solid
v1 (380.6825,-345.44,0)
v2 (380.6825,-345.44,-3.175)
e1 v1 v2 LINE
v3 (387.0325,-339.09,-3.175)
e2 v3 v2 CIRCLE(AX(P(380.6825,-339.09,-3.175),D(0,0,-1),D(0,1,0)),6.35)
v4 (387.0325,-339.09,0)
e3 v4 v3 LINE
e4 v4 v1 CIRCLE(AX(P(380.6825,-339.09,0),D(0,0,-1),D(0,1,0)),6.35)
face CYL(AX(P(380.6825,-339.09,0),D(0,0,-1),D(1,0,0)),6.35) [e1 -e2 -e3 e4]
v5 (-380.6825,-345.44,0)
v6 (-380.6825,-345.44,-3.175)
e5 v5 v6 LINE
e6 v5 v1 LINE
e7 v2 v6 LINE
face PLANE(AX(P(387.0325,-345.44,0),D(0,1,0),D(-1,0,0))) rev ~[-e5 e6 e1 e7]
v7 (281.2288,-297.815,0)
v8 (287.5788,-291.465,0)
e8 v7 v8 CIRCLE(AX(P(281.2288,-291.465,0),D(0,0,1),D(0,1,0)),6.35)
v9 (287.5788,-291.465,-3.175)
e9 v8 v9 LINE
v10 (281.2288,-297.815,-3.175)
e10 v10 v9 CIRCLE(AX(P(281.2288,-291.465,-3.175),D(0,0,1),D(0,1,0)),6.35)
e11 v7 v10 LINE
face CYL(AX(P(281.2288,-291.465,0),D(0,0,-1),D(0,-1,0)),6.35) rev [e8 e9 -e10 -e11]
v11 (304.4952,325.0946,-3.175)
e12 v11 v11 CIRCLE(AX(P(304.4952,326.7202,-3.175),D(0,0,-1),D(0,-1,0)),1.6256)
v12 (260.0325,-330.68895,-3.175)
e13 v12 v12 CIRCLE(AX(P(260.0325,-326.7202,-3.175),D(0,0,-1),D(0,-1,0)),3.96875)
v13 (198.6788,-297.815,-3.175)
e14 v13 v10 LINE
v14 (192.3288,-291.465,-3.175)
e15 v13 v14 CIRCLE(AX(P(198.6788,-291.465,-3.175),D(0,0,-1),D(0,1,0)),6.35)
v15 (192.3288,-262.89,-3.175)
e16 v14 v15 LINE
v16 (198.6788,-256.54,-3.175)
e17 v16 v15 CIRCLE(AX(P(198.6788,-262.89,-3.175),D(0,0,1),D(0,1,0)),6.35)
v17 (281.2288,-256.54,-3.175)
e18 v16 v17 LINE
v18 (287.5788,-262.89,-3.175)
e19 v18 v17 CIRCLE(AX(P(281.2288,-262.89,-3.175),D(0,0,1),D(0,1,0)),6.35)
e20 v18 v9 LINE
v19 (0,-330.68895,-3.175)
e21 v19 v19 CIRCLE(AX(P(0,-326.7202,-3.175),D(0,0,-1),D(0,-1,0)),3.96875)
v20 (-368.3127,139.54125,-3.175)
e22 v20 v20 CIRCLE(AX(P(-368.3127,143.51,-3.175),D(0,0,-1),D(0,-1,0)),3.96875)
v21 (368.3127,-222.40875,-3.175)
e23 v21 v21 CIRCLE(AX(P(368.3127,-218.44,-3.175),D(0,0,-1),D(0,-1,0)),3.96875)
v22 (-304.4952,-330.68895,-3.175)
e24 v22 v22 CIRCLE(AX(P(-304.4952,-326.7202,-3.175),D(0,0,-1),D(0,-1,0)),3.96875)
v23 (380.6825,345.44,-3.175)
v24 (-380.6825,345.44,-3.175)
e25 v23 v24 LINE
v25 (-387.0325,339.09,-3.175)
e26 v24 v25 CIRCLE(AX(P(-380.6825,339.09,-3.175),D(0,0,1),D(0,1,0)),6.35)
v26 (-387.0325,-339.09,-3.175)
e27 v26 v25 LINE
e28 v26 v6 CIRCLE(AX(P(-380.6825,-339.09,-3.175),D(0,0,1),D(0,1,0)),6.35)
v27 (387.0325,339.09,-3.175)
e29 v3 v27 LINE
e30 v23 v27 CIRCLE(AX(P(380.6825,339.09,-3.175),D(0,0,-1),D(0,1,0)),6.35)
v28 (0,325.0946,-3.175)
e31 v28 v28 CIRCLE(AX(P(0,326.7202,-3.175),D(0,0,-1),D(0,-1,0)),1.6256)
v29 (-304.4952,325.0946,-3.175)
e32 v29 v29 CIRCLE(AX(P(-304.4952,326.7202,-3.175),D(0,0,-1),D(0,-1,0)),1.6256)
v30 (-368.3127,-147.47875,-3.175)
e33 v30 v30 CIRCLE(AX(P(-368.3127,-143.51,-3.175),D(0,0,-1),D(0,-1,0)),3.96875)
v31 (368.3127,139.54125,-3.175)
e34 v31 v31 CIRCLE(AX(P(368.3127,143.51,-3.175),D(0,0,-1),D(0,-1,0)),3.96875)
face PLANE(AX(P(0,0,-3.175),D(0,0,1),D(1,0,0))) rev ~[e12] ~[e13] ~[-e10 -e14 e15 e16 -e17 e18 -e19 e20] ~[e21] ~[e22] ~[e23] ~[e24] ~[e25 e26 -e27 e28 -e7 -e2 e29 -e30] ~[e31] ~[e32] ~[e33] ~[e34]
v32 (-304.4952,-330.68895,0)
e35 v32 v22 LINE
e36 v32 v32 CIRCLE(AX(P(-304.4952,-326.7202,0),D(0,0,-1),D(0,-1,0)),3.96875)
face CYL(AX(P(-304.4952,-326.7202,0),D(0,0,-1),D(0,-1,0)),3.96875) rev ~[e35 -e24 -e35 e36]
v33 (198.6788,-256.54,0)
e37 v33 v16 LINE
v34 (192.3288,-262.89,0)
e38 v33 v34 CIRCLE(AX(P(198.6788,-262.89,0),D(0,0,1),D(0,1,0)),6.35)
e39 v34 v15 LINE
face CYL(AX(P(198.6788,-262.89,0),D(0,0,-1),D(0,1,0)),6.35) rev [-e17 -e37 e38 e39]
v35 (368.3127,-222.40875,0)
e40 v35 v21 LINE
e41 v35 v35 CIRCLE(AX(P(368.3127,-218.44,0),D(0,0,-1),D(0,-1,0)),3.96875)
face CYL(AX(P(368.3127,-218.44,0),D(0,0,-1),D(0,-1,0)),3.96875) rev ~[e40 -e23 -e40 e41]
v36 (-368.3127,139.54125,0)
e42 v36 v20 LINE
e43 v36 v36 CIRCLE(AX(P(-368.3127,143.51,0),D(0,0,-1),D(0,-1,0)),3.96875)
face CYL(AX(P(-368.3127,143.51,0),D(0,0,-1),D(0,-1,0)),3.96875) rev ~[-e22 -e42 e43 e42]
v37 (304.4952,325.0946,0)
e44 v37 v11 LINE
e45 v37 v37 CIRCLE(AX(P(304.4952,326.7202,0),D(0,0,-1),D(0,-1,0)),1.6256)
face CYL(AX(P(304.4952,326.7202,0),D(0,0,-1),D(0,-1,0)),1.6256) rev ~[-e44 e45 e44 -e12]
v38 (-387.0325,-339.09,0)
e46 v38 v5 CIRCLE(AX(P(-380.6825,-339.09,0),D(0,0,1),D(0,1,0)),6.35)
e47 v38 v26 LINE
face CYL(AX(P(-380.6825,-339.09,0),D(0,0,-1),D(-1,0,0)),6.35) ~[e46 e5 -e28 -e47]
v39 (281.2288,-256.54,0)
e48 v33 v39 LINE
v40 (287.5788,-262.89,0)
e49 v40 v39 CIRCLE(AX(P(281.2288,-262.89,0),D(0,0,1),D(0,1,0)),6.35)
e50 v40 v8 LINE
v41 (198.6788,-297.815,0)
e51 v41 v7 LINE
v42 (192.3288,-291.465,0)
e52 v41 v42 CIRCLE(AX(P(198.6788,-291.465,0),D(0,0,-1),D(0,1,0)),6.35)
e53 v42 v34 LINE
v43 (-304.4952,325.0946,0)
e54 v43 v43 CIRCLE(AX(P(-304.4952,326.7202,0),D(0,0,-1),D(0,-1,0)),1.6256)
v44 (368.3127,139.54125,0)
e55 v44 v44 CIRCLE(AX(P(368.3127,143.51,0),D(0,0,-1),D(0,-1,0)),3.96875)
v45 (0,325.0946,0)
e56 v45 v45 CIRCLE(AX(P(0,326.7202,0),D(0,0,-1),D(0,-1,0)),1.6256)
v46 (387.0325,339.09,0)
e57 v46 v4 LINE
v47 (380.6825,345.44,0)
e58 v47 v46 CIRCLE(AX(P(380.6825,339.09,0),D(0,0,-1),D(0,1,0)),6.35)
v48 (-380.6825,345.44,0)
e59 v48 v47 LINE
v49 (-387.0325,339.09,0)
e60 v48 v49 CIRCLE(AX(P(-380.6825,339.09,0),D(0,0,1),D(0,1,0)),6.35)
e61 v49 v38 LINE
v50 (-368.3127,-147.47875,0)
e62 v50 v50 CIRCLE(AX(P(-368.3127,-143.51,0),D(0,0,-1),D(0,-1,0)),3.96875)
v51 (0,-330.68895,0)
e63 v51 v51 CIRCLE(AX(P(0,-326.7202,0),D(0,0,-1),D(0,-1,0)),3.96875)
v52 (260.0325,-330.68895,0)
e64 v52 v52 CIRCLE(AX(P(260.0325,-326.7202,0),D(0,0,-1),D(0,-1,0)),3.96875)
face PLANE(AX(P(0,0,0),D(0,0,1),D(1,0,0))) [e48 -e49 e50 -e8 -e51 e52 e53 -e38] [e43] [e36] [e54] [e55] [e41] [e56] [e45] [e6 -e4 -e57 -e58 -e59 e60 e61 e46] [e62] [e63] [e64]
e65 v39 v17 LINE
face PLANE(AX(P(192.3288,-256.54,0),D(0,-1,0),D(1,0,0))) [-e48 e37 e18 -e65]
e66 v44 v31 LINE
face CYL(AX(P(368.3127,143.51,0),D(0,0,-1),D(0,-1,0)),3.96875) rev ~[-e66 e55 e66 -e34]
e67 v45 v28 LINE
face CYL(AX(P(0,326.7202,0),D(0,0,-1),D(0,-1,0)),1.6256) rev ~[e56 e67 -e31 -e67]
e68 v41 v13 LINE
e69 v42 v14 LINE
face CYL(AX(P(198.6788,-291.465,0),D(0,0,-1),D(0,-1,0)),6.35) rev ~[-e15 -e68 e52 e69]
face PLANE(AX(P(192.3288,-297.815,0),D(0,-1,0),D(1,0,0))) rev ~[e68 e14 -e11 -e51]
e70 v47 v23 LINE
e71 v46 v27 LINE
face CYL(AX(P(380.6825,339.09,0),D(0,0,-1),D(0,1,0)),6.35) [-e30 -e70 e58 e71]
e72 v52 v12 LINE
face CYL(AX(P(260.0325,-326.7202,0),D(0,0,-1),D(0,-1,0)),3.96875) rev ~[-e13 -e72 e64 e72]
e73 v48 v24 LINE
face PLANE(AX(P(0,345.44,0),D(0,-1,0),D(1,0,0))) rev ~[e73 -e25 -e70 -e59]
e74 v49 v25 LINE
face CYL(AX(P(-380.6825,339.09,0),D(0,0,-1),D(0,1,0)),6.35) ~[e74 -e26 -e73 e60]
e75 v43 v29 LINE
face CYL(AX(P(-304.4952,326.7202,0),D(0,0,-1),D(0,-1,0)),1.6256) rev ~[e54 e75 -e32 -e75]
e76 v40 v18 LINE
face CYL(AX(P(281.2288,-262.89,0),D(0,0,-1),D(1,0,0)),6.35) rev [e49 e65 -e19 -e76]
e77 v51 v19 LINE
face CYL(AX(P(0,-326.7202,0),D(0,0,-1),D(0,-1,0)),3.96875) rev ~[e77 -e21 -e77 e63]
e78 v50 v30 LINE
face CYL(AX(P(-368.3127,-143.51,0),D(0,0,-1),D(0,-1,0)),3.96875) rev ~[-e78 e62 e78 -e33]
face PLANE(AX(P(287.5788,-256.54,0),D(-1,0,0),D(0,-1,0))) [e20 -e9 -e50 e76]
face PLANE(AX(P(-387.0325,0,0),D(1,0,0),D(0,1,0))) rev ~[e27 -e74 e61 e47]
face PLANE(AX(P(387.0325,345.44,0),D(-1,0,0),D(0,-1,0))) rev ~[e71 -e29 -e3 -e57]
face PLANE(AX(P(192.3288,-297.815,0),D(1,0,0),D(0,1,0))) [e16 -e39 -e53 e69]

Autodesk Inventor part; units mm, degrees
ref_plane "YZ Plane" through (0, 0, 0) normal (1, 0, 0) x (0, 1, 0)
ref_plane "XZ Plane" through (0, 0, 0) normal (0, 1, 0) x (-1, 0, 0)
ref_plane "XY Plane" through (0, 0, 0) normal (0, 0, 1) x (1, 0, 0)
sketch "Sketch1" plane through (0, 0, 0) normal (0, 0, 1) x (1, 0, 0)
  line L0 (0, 483.616) -> (0, -483.616) projected
  line L1 (-541.8455, 0) -> (541.8455, 0) projected
  line L2 (387.0325, -345.44) -> (-387.0325, -345.44)
  line L3 (-387.0325, -345.44) -> (-387.0325, 345.44)
  line L4 (-387.0325, 345.44) -> (387.0325, 345.44)
  line L5 (387.0325, 345.44) -> (387.0325, -345.44)
  line L6 (387.0325, -345.44) -> (-387.0325, 345.44) construction
  line L7 (-387.0325, -345.44) -> (387.0325, 345.44) construction
  line L8 (368.3127, -326.7202) -> (-368.3127, -326.7202) construction
  line L9 (-368.3127, -326.7202) -> (-368.3127, 326.7202) construction
  line L10 (-368.3127, 326.7202) -> (368.3127, 326.7202) construction
  line L11 (368.3127, 326.7202) -> (368.3127, -326.7202) construction
  line L12 (368.3127, -326.7202) -> (-368.3127, 326.7202) construction
  line L13 (-368.3127, -326.7202) -> (368.3127, 326.7202) construction
  point P0 (0, 0)
  point P1 (-304.4952, 326.7202)
  point P2 (0, 326.7202)
  point P3 (304.4952, 326.7202)
  point P4 (-304.4952, -326.7202)
  point P5 (0, -326.7202)
  point P6 (-368.3127, 143.51)
  point P7 (-368.3127, -143.51)
  point P8 (368.3127, 143.51)
  point P9 (260.0325, -326.7202)
  point P10 (368.3127, -218.44)
  dimension "d0" = 774.065
  dimension "d1" = 690.88
  dimension "d3" = 18.7198
  dimension "d4" = 18.7198
  dimension "d5" = 304.4952
  dimension "d6" = 304.4952
  dimension "d7" = 143.51
  dimension "d8" = 143.51
  dimension "d9" = 82.5373
  dimension "d10" = 201.93
  dimension "d22" = 127
  dimension "d23" = 127
extrude "Extrusion1" add sketch "Sketch1" against normal blind 3.175
hole "Hole1" at (-304.4952, -326.7202, 0) at (0, -326.7202, 0) at (-368.3127, 143.51, 0) at (-368.3127, -143.51, 0) at (368.3127, 143.51, 0) at (368.3127, -218.44, 0) at (260.0325, -326.7202, 0) direction (0, 0, -1) diameter 7.9375 end through all
fillet "Fillet1" radius 6.35 4 edges at (387.0325, 345.44, -1.5875) (387.0325, -345.44, -1.5875) (-387.0325, -345.44, -1.5875) (-387.0325, 345.44, -1.5875)
sketch "Sketch2" plane through (0, 0, 0) normal (0, 0, 1) x (1, 0, 0)
  line L0 (380.6825, -345.44) -> (-380.6825, -345.44) projected
  line L1 (387.0325, 345.44) -> (387.0325, -345.44) projected
  line L2 (387.0325, -345.44) -> (310.8325, -345.44)
  line L3 (387.0325, -269.24) -> (387.0325, -345.44)
  line L4 (380.6825, -345.44) -> (-380.6825, -345.44) projected
  line L5 (192.3288, -345.44) -> (192.3288, -256.54)
  line L6 (192.3288, -256.54) -> (287.5788, -256.54)
  line L7 (287.5788, -256.54) -> (287.5788, -345.44)
  line L8 (192.3288, -256.54) -> (287.5788, -345.44) construction
  line L9 (192.3288, -345.44) -> (287.5788, -256.54) construction
  line L10 (0, 483.616) -> (0, -483.616) construction
  line L11 (-541.8455, 0) -> (541.8455, 0) construction
  line L12 (192.3288, -297.815) -> (287.5788, -297.815)
  point P0 (0, 0)
  point P1 (239.9538, -300.99)
  point P2 (192.3288, -345.44)
  dimension "d28" = 239.9538
  dimension "d29" = 95.25
  dimension "d30" = 88.9
  dimension "d31" = 47.625
extrude "Extrusion2" cut sketch "Sketch2" against normal through all contours L12 L5 L6 L7
fillet "Fillet3" radius 6.35 4 edges at (192.3288, -256.54, -1.5875) (287.5788, -256.54, -1.5875) (287.5788, -297.815, -1.5875) (192.3288, -297.815, -1.5875)
hole "Hole2" at (-304.4952, 326.7202, 0) at (0, 326.7202, 0) at (304.4952, 326.7202, 0) direction (0, 0, -1) diameter 3.2512 end through all
properties material "ALUMINUM, 6061-T651"
